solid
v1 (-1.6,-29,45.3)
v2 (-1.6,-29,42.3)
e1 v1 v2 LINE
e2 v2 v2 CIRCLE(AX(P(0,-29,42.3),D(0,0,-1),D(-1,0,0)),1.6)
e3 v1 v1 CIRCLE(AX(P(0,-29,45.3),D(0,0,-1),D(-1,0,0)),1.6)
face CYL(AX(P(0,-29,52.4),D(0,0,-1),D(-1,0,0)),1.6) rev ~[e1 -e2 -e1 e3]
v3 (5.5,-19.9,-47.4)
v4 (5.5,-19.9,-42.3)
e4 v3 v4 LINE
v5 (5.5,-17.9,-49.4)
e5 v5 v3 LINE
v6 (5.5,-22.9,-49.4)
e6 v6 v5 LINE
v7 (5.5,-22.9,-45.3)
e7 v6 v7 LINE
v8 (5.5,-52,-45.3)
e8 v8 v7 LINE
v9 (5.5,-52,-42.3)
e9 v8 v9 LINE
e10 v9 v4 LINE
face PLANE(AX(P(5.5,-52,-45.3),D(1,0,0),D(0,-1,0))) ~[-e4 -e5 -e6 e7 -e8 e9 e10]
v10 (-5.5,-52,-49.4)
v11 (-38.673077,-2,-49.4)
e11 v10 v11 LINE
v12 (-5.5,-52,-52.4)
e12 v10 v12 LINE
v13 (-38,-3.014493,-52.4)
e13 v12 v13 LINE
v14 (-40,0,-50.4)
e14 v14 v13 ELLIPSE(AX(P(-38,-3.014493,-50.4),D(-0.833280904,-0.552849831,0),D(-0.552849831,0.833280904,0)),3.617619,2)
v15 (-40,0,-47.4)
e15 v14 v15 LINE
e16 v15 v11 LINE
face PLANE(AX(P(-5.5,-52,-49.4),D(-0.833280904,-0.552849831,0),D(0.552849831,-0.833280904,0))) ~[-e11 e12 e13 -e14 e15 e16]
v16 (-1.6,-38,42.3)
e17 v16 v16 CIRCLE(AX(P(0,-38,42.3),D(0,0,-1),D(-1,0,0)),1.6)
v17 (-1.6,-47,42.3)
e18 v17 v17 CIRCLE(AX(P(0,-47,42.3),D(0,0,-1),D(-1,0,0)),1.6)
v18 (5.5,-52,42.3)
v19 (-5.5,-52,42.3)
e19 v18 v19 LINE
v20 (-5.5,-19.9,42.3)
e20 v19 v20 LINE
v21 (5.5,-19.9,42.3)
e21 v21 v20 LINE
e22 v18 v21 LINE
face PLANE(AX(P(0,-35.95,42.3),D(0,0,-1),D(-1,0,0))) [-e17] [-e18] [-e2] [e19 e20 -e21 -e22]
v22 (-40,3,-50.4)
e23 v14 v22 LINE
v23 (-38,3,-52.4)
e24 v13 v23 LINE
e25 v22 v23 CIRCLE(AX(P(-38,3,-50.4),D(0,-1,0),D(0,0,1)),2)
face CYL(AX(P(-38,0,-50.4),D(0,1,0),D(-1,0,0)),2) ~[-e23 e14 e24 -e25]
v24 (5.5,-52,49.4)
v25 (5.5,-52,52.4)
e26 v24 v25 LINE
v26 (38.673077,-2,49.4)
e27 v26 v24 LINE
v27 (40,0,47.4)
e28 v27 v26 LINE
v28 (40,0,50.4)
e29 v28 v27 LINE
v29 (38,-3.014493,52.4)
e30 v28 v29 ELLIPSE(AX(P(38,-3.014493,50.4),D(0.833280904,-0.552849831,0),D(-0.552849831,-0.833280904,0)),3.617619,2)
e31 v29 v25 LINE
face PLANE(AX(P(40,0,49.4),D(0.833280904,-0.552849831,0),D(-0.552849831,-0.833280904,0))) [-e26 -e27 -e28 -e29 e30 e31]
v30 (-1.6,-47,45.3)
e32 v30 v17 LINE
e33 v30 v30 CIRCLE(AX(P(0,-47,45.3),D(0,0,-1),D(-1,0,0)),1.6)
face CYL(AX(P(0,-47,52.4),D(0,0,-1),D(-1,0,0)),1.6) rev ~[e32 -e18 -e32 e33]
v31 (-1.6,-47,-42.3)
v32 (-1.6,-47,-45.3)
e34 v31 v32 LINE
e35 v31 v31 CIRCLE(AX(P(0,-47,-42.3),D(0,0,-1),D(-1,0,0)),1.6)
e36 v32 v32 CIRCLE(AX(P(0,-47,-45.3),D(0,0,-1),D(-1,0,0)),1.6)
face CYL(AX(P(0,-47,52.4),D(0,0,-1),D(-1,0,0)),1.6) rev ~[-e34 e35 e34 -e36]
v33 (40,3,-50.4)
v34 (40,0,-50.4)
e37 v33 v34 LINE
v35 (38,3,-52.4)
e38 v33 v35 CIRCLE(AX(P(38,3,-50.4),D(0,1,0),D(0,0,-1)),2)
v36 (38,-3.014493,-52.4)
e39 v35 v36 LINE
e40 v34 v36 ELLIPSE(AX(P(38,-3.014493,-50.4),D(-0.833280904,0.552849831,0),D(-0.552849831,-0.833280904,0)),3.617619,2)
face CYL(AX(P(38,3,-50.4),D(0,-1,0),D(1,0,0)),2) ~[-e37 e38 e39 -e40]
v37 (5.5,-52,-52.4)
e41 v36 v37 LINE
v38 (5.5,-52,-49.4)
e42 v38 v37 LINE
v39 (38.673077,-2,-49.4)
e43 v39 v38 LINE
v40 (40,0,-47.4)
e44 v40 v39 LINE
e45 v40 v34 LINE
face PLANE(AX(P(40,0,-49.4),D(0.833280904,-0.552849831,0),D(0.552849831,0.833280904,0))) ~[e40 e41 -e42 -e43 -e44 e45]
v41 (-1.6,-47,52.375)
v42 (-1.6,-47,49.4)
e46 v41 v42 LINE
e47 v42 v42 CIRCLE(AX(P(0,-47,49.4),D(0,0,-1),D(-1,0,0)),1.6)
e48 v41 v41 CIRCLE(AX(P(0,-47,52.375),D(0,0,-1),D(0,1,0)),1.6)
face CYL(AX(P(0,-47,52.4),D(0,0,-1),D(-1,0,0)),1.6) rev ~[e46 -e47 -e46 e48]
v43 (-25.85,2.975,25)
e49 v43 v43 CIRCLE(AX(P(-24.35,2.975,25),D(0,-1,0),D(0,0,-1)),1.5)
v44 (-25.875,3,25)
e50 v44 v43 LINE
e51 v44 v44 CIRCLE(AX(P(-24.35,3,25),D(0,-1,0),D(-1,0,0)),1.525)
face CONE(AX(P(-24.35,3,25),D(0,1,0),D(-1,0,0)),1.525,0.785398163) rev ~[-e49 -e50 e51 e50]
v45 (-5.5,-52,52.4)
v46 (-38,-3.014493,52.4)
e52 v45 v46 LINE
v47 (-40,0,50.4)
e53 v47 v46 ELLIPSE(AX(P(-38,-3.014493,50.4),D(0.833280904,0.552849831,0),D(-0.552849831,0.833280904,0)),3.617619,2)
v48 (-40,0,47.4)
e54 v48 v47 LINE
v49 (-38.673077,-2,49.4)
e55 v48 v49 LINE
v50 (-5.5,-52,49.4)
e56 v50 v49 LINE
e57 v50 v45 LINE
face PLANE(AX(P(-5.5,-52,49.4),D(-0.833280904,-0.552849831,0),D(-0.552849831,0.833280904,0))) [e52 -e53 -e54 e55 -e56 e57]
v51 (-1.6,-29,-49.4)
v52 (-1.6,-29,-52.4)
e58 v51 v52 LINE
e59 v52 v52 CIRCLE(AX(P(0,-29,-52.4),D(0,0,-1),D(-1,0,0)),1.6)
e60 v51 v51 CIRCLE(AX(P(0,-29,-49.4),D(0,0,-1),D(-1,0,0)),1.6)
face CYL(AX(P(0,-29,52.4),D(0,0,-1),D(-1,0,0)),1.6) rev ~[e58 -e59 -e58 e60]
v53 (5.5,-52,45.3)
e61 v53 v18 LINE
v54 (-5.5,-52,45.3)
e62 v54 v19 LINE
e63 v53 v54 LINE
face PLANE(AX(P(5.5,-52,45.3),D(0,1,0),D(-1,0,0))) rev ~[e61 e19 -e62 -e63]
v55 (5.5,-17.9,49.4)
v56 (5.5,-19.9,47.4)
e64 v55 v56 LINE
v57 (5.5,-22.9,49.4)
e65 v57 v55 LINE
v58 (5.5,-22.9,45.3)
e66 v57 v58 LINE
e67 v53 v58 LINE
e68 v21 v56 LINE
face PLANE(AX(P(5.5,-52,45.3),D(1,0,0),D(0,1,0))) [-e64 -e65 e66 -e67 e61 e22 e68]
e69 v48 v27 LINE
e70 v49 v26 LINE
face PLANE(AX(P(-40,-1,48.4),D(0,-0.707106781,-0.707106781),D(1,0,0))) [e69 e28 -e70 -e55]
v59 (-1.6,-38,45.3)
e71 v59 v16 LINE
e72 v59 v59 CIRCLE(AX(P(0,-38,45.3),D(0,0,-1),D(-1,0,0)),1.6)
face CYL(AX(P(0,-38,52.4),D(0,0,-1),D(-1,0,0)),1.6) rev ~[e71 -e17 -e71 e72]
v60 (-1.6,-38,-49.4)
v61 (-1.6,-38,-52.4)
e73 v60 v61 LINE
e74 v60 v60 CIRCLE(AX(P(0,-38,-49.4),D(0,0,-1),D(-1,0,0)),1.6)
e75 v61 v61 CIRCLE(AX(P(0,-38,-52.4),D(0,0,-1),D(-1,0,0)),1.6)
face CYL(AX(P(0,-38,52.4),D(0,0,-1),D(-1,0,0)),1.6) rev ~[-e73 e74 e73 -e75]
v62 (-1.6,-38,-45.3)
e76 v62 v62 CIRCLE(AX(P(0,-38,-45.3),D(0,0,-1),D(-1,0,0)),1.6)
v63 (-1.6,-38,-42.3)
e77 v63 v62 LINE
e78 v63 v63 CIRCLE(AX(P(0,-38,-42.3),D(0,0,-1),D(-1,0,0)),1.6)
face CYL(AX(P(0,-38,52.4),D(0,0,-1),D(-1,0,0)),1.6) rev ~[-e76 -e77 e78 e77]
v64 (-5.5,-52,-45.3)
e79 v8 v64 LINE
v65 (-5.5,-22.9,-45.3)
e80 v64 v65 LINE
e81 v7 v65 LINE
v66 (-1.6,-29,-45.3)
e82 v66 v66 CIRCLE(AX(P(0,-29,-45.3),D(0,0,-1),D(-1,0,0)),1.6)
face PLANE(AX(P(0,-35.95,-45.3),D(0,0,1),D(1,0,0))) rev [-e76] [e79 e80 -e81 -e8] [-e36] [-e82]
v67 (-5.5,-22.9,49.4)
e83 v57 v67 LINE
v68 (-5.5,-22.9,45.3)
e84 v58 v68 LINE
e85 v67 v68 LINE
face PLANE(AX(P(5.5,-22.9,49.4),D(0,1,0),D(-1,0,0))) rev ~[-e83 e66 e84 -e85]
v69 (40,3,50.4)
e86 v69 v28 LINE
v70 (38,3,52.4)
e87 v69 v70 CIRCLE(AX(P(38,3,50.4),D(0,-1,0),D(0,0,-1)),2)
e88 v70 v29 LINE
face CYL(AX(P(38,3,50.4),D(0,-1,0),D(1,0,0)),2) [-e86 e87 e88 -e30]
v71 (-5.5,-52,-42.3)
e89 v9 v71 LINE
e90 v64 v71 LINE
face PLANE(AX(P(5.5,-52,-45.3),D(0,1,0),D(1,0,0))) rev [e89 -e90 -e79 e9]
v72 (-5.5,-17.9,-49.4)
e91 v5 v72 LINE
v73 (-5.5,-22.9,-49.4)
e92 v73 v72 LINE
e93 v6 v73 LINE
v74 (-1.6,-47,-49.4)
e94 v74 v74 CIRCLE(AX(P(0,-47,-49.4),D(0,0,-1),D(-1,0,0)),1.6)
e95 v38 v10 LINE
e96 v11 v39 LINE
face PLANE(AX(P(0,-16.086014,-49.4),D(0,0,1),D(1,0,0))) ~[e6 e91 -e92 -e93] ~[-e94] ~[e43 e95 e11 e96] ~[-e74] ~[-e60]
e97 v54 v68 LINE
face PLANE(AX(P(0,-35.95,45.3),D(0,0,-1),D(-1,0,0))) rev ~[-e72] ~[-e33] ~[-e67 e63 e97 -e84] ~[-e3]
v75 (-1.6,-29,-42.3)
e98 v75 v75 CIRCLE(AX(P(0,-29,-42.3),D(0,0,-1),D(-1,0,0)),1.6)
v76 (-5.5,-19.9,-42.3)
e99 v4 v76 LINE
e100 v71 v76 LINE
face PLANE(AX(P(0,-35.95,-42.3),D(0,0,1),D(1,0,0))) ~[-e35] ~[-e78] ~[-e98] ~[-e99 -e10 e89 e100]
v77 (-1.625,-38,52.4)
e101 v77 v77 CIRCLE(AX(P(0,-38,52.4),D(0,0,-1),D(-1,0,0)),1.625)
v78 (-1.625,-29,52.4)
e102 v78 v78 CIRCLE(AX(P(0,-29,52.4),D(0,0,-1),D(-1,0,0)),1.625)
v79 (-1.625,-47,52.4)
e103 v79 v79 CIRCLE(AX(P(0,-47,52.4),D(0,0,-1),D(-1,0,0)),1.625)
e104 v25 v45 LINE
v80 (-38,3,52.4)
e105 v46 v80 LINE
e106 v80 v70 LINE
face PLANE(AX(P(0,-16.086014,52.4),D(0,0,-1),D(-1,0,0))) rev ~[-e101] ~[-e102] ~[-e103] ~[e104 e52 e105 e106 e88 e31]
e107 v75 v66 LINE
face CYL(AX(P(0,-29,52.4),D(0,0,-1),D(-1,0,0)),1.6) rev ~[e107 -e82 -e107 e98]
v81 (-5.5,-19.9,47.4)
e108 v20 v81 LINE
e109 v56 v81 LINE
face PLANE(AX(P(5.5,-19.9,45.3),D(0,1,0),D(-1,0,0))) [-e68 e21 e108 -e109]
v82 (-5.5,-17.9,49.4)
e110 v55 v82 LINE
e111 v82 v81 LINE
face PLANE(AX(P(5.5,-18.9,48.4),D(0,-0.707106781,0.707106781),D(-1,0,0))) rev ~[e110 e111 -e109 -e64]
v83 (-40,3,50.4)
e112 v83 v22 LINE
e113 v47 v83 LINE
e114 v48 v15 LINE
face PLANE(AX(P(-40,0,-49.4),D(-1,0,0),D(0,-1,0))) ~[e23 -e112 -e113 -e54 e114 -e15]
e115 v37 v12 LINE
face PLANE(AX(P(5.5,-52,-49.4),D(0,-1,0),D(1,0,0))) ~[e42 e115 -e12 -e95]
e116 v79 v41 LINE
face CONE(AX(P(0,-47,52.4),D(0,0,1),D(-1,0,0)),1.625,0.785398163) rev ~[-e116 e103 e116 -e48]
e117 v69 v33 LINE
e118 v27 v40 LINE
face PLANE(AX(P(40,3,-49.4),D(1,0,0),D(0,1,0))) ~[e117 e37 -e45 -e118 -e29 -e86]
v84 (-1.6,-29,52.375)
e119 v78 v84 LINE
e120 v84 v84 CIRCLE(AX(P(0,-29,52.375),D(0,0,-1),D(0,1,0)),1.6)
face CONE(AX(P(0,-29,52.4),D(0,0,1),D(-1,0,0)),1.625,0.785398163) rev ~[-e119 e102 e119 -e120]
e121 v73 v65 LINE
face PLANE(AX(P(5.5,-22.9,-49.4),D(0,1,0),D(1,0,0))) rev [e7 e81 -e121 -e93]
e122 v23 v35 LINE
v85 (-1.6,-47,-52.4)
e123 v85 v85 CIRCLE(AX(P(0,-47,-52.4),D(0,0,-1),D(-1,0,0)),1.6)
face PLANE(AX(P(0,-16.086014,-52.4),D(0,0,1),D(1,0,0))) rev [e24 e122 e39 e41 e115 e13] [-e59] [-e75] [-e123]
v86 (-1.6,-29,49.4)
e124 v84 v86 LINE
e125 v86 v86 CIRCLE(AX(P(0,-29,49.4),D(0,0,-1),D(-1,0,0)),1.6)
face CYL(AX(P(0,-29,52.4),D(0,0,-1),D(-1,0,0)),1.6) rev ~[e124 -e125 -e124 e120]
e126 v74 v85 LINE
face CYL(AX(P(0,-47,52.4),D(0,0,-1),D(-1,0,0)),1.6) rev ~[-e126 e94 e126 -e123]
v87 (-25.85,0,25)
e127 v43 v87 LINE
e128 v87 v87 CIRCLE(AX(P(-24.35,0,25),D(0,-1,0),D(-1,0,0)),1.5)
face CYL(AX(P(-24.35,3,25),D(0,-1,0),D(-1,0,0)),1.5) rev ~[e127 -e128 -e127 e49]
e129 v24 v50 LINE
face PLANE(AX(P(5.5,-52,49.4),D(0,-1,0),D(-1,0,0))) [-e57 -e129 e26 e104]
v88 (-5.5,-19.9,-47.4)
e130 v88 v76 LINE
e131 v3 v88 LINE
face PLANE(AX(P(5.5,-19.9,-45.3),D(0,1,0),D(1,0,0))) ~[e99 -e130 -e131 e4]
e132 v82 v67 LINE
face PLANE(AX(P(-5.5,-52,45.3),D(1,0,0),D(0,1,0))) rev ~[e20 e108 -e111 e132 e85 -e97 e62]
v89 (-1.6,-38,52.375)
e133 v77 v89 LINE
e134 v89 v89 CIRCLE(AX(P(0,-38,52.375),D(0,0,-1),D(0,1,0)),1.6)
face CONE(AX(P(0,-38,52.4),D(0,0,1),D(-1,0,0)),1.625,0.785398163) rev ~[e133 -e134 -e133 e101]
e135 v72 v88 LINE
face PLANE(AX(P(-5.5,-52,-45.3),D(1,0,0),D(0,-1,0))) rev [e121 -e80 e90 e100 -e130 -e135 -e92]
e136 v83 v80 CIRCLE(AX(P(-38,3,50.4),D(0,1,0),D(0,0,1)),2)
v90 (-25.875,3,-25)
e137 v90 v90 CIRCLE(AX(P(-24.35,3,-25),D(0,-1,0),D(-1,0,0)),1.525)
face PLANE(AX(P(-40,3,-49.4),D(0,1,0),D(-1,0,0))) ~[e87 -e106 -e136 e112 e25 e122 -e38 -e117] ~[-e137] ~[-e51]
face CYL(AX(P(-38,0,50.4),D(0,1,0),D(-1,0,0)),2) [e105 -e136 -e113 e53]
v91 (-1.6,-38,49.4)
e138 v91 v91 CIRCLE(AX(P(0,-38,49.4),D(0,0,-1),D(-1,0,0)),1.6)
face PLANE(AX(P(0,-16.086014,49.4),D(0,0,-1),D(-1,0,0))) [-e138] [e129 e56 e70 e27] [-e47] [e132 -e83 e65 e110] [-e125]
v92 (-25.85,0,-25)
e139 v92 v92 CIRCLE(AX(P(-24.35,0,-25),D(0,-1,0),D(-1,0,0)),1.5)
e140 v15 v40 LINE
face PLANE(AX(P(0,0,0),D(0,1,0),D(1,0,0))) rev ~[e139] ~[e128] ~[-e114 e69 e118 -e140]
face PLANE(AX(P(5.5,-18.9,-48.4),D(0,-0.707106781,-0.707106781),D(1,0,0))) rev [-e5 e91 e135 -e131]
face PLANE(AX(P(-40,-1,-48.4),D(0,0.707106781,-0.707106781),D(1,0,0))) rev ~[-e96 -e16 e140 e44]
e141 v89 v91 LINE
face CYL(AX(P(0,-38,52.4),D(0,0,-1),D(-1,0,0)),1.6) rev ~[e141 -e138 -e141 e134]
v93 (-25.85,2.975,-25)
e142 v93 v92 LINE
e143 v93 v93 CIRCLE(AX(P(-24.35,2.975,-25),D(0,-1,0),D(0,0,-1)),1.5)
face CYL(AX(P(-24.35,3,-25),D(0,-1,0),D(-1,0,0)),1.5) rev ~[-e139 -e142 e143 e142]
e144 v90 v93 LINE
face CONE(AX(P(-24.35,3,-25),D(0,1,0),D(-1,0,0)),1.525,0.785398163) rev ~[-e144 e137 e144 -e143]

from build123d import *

# Parameters (mm, degrees)
SKETCH1_W                       = 80
SKETCH1_H                       = 98.8
BOSS_EXTRUDE1_DEPTH             = 3
BOSS_EXTRUDE2_DEPTH             = 3
CHAMFER2_SIZE                   = 2
FILLET1_R                       = 2
SKETCH4_W                       = 11
SKETCH4_H                       = 3
BOSS_EXTRUDE3_DEPTH             = 4.1
SKETCH6_W                       = 11
SKETCH6_H                       = 32.1
BOSS_EXTRUDE4_DEPTH             = 3
CHAMFER3_SIZE                   = 2
F_3_0MM_DOWEL_HOLE1_D           = 3.2
F_3_0MM_DOWEL_HOLE1_CSINK_D     = 3.25
F_3_0MM_DOWEL_HOLE1_CSINK_ANGLE = 90
F_3_0MM_DOWEL_HOLE2_D           = 3
F_3_0MM_DOWEL_HOLE2_DEPTH       = 20
F_3_0MM_DOWEL_HOLE2_CSINK_D     = 3.05
F_3_0MM_DOWEL_HOLE2_CSINK_ANGLE = 90
F_3_0MM_DOWEL_HOLE2_TIP         = 0.901290929


with BuildPart() as part:
    # Sketch1 → Boss-Extrude1 (new body)
    with BuildSketch(Plane(origin=(0, 0, 0), x_dir=(1, 0, 0), z_dir=(0, 1, 0))):
        Rectangle(SKETCH1_W, SKETCH1_H)
    extrude(amount=BOSS_EXTRUDE1_DEPTH)

    # Sketch3 → Boss-Extrude2 (add)
    with BuildSketch(Plane.XY.offset(49.4)):
        Polygon((-40, 0), (-40, 3), (40, 3), (40, 0), (5.5, -52), (-5.5, -52), align=None)
    boss_extrude2 = extrude(amount=BOSS_EXTRUDE2_DEPTH)

    # Mirror1: Boss-Extrude2 across plane
    add(boss_extrude2.mirror(Plane.XY))

    # Chamfer2
    chamfer2_edges = [part.edges().sort_by_distance(p)[0] for p in [
        (0, 0, 49.4),
        (0, 0, -49.4),
    ]]
    chamfer(chamfer2_edges, length=CHAMFER2_SIZE)

    # Fillet1
    fillet1_edges = [part.edges().sort_by_distance(p)[0] for p in [
        (40, 1.5, 52.4),
        (-40, 1.5, 52.4),
        (-40, 1.5, -52.4),
        (40, 1.5, -52.4),
    ]]
    fillet(fillet1_edges, radius=FILLET1_R)

    # Sketch4 → Boss-Extrude3 (add)
    with BuildSketch(Plane(origin=(0, 0, 49.4), x_dir=(-1, 0, 0), z_dir=(0, 0, -1))):
        with Locations((0, -21.4)):
            Rectangle(SKETCH4_W, SKETCH4_H)
    boss_extrude3 = extrude(amount=BOSS_EXTRUDE3_DEPTH)

    # Sketch6 → Boss-Extrude4 (add)
    with BuildSketch(Plane(origin=(0, 0, 45.3), x_dir=(-1, 0, 0), z_dir=(0, 0, -1))):
        with Locations((0, -35.95)):
            Rectangle(SKETCH6_W, SKETCH6_H)
    boss_extrude4 = extrude(amount=BOSS_EXTRUDE4_DEPTH)

    # Mirror4: Boss-Extrude3, Boss-Extrude4 across plane
    add(boss_extrude3.mirror(Plane.XY))
    add(boss_extrude4.mirror(Plane.XY))

    # Chamfer3
    chamfer3_edges = [part.edges().sort_by_distance(p)[0] for p in [
        (0, -19.9, 49.4),
        (0, -19.9, -49.4),
    ]]
    chamfer(chamfer3_edges, length=CHAMFER3_SIZE)

    # Ø3.0mm Dowel Hole1 (through all)
    with Locations(Plane.XY.offset(52.4)):
        with Locations((0, -47), (0, -38), (0, -29)):
            CounterSinkHole(F_3_0MM_DOWEL_HOLE1_D / 2, F_3_0MM_DOWEL_HOLE1_CSINK_D / 2, counter_sink_angle=F_3_0MM_DOWEL_HOLE1_CSINK_ANGLE)

    # Ø3.0mm Dowel Hole2
    with Locations(Plane(origin=(0, 3, 0), x_dir=(1, 0, 0), z_dir=(0, 1, 0))):
        with Locations((-24.35, 25), (-24.35, -25)):
            CounterSinkHole(F_3_0MM_DOWEL_HOLE2_D / 2, F_3_0MM_DOWEL_HOLE2_CSINK_D / 2, depth=F_3_0MM_DOWEL_HOLE2_DEPTH, counter_sink_angle=F_3_0MM_DOWEL_HOLE2_CSINK_ANGLE)
            with Locations((0, 0, -(F_3_0MM_DOWEL_HOLE2_DEPTH + F_3_0MM_DOWEL_HOLE2_TIP / 2))):  # 118° drill point
                Cone(0, F_3_0MM_DOWEL_HOLE2_D / 2, F_3_0MM_DOWEL_HOLE2_TIP, mode=Mode.SUBTRACT)


solid = part.part
